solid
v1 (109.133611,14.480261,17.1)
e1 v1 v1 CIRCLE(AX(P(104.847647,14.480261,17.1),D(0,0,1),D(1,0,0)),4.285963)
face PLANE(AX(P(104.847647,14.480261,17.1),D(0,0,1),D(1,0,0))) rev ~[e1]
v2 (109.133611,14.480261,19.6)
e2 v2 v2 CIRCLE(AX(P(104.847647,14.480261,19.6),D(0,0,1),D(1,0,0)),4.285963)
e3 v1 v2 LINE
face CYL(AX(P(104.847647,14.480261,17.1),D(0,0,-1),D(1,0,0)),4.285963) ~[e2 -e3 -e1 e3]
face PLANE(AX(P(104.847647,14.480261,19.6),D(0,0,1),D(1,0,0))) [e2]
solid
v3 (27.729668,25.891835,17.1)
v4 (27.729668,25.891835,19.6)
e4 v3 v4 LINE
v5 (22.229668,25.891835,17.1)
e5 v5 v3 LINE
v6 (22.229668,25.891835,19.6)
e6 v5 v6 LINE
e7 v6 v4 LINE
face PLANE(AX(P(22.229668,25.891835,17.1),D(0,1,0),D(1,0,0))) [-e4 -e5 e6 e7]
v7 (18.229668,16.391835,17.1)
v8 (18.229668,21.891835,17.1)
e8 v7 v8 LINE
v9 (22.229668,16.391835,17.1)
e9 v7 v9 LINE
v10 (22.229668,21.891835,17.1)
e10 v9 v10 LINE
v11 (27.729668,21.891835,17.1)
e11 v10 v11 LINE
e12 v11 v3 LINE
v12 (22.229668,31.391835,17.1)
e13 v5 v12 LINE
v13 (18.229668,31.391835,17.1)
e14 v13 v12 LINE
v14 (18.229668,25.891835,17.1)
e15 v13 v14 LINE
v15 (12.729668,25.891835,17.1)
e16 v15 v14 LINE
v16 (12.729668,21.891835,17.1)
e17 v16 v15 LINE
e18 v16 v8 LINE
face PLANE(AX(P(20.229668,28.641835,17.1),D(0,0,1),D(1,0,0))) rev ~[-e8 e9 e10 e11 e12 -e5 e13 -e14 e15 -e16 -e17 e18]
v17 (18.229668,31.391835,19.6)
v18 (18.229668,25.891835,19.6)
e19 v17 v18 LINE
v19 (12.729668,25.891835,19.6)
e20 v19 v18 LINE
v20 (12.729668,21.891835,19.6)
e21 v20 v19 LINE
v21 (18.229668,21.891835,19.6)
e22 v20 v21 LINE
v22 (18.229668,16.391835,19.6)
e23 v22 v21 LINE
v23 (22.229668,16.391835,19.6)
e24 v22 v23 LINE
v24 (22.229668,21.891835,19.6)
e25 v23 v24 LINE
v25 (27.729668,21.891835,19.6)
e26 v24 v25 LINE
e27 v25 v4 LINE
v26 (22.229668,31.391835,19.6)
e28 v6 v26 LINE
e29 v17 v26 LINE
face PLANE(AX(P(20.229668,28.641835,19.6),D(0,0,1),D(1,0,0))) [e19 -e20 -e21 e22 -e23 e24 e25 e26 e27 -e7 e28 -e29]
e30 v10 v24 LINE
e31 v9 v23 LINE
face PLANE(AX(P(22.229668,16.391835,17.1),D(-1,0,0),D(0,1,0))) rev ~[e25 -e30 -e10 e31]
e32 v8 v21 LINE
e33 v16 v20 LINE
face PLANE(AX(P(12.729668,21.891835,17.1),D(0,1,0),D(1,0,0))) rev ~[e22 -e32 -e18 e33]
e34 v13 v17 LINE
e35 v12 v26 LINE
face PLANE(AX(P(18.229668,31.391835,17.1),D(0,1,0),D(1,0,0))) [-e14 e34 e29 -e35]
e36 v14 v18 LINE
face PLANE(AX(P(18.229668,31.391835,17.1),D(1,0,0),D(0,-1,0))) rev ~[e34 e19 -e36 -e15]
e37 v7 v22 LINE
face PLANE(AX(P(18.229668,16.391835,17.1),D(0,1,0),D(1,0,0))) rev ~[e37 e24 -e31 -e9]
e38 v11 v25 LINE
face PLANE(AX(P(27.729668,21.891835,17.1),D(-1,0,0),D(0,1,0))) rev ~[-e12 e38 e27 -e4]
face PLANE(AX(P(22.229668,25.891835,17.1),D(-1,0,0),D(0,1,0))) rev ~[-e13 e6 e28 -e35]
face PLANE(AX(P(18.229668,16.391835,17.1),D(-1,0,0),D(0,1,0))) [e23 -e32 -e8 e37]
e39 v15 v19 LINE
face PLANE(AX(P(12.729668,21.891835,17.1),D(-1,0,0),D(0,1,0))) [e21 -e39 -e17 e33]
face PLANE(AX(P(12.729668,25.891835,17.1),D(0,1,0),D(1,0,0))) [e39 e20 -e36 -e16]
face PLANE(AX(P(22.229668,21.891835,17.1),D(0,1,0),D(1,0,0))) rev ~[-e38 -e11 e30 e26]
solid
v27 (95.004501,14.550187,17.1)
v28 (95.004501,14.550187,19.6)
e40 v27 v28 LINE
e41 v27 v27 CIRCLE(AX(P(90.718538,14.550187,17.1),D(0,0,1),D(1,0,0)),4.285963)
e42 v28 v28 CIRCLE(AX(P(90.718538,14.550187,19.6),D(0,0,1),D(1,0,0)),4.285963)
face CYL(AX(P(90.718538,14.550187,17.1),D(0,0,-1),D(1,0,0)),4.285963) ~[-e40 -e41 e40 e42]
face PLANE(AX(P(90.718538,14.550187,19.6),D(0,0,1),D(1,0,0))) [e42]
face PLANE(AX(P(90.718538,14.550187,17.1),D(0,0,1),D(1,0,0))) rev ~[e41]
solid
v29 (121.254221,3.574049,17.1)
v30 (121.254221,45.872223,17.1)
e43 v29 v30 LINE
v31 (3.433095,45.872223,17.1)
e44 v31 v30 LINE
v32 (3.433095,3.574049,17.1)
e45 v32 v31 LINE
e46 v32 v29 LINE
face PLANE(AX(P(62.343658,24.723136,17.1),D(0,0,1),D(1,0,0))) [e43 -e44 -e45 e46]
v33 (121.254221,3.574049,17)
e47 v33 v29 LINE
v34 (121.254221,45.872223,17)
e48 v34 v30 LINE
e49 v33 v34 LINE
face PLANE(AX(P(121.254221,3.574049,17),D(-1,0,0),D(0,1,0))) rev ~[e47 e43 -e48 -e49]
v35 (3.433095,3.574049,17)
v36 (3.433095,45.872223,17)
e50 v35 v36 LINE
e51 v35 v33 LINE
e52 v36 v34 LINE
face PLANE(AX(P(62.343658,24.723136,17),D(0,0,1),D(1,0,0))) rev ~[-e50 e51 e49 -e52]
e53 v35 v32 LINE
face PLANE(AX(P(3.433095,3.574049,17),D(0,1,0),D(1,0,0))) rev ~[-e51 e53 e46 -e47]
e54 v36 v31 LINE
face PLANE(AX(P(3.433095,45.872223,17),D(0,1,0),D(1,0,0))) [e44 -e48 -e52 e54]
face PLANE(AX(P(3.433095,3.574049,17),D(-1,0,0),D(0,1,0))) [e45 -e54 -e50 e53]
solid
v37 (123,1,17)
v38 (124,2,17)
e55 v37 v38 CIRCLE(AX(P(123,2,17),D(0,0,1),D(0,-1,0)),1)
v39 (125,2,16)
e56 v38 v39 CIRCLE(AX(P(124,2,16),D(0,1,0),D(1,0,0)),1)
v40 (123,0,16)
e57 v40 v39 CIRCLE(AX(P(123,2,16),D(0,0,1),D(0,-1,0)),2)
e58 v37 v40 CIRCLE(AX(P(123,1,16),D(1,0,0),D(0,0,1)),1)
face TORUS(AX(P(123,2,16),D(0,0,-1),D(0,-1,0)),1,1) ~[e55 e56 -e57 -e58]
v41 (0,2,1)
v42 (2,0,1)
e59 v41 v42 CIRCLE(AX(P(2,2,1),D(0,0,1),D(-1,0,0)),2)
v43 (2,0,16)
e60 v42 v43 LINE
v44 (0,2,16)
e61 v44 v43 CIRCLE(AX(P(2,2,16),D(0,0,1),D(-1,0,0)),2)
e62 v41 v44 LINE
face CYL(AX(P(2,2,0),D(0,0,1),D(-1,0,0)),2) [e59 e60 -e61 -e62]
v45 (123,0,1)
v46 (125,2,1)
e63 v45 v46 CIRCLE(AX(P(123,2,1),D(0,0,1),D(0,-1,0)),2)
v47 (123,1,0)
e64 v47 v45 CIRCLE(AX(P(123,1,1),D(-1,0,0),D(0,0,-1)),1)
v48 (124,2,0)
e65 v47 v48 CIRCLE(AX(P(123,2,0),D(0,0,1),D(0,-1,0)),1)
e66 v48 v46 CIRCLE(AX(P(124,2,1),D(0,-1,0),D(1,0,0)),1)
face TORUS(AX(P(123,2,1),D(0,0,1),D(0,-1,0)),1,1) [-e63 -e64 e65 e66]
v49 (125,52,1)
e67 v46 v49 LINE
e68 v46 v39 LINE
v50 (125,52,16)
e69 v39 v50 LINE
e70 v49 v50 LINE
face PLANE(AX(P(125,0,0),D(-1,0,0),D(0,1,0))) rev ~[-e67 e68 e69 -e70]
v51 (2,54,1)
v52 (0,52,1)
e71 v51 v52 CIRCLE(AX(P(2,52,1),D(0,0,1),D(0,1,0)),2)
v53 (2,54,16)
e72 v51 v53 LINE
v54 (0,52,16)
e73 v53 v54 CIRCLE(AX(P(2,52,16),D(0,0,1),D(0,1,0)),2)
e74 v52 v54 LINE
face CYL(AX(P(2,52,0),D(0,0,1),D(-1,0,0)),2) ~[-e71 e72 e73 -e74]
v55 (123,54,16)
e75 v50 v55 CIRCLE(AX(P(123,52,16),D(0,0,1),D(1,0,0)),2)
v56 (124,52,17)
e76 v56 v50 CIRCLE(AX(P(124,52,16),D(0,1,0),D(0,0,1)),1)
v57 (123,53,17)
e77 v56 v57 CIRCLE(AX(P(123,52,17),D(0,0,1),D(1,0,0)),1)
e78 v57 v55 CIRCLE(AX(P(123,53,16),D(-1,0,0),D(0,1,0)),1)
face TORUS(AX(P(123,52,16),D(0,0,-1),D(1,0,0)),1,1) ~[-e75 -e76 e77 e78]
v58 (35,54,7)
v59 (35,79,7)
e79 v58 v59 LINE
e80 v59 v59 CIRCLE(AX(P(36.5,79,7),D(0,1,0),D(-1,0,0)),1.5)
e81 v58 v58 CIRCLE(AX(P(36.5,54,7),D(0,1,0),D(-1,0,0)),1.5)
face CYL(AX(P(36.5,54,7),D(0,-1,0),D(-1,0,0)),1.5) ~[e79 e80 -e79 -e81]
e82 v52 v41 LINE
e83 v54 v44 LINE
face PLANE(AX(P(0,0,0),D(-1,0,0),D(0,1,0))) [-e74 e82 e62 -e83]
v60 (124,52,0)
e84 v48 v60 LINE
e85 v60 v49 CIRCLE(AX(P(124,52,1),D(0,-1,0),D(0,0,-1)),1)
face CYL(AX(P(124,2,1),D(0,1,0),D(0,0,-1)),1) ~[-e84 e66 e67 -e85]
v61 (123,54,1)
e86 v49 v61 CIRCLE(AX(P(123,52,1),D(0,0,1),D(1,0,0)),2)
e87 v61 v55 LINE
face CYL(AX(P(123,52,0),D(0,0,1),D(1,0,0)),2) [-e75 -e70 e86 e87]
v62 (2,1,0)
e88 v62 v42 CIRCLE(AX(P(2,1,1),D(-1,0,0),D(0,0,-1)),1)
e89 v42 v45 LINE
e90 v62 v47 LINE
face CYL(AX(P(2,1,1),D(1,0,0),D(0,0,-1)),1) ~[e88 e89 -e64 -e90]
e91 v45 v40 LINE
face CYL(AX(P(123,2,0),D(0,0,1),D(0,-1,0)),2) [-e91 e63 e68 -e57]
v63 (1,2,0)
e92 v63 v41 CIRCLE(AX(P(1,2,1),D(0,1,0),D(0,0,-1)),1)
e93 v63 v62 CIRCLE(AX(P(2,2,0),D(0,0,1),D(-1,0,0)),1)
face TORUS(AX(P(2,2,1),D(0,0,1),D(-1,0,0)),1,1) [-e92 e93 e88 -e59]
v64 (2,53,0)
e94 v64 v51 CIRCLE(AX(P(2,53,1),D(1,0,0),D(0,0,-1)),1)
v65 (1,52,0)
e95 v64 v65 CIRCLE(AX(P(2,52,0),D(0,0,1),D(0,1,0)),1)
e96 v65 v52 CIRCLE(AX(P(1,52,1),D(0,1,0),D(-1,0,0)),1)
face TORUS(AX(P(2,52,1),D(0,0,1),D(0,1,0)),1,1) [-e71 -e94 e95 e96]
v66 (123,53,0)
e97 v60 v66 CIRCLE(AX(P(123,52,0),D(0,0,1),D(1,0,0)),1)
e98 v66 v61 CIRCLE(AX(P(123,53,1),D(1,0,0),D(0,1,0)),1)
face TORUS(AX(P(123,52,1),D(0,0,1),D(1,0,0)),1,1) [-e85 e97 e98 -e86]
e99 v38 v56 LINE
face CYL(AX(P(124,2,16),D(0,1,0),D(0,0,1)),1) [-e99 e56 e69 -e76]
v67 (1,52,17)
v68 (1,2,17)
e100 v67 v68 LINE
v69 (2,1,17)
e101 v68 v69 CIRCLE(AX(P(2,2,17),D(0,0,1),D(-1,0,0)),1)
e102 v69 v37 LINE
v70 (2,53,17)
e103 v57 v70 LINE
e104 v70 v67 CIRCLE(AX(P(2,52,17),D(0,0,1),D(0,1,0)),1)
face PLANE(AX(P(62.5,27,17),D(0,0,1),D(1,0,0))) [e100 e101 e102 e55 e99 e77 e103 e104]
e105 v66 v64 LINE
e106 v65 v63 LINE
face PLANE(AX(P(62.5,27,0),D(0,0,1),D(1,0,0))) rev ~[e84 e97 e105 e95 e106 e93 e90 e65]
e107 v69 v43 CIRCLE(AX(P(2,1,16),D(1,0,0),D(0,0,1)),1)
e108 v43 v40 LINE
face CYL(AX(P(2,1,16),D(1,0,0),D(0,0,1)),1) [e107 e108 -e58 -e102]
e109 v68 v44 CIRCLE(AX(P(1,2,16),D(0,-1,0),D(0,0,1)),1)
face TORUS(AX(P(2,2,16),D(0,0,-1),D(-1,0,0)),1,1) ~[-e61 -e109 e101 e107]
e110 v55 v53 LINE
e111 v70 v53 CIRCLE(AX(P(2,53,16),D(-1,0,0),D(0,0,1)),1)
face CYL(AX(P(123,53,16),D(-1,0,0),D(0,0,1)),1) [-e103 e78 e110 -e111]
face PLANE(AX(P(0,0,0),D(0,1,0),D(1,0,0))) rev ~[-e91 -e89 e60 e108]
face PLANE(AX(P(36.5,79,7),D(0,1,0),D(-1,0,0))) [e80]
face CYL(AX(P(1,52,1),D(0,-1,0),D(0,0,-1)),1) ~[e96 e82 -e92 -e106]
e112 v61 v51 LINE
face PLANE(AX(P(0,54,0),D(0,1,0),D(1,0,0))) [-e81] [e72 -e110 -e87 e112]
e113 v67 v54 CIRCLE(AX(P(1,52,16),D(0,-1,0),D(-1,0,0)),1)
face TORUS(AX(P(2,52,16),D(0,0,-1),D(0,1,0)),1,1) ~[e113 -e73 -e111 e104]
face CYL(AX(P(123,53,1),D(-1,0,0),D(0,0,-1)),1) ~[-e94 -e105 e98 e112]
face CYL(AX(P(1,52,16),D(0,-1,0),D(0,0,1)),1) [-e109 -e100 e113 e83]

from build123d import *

# Parameters (mm, degrees)
F0_W      = 125
F0_H      = 54
F1_DEPTH  = 17
F2_R      = 2
F3_R      = 1
F4_W      = 117.8211255465
F4_H      = 42.2981732991
F5_DEPTH  = 0.1
F6_R      = 4.2859634774
F7_DEPTH  = 2.5
F8_W      = 4
F8_H      = 5.5
F8_H_2    = 4
F8_W_2    = 5.5
F9_DEPTH  = 2.5
F10_R     = 1.5
F11_DEPTH = 25


with BuildPart() as f1:
    # F0 (on Top) → F1 (new body)
    with BuildSketch(Plane.XY):
        with Locations((62.5, 27)):
            Rectangle(F0_W, F0_H)
    extrude(amount=F1_DEPTH)

    # F2
    f2_edges = [f1.edges().sort_by_distance(p)[0] for p in [
        (125, 54, 8.5),
        (125, 0, 8.5),
        (0, 0, 8.5),
        (0, 54, 8.5),
    ]]
    fillet(f2_edges, radius=F2_R)

    # F3
    f3_edges = [f1.edges().sort_by_distance(p)[0] for p in [
        (62.5, 0, 17),
        (62.5, 0, 0),
    ]]
    fillet(f3_edges, radius=F3_R)

    # F10 (on face) → F11 (join)
    with BuildSketch(Plane(origin=(0, 54, 0), x_dir=(-1, 0, 0), z_dir=(0, 1, 0))):
        with Locations((-36.5, 7)):
            Circle(F10_R)
    extrude(amount=F11_DEPTH)


with BuildPart() as f5:
    # F4 (on face) → F5 (new body)
    with BuildSketch(Plane.XY.offset(17)):
        with Locations((62.3436578317, 24.7231359826)):
            Rectangle(F4_W, F4_H)
    extrude(amount=F5_DEPTH)


with BuildPart() as f7:
    # F6 (on face) → F7 (new body)
    with BuildSketch(Plane.XY.offset(17.1)):
        with Locations((90.718537569, 14.5501866937)):
            Circle(F6_R)
    extrude(amount=F7_DEPTH)


with BuildPart() as f7b:
    # F6 (on face) → F7, piece 2 (new body)
    with BuildSketch(Plane.XY.offset(17.1)):
        with Locations((104.8476472497, 14.4802611321)):
            Circle(F6_R)
    extrude(amount=F7_DEPTH)


with BuildPart() as f9:
    # F8 (on face) → F9 (new body)
    with BuildSketch(Plane.XY.offset(17.1)):
        with Locations((20.2296683006, 28.64183532)):
            Rectangle(F8_W, F8_H)
        with Locations((20.2296683006, 23.89183532)):
            Rectangle(F8_W, F8_H_2)
        with Locations((15.4796683006, 23.89183532)):
            Rectangle(F8_W_2, F8_H_2)
        with Locations((24.9796683006, 23.89183532)):
            Rectangle(F8_W_2, F8_H_2)
        with Locations((20.2296683006, 19.14183532)):
            Rectangle(F8_W, F8_H)
    extrude(amount=F9_DEPTH)


solid = Compound([f1.part, f5.part, f7.part, f7b.part, f9.part])
